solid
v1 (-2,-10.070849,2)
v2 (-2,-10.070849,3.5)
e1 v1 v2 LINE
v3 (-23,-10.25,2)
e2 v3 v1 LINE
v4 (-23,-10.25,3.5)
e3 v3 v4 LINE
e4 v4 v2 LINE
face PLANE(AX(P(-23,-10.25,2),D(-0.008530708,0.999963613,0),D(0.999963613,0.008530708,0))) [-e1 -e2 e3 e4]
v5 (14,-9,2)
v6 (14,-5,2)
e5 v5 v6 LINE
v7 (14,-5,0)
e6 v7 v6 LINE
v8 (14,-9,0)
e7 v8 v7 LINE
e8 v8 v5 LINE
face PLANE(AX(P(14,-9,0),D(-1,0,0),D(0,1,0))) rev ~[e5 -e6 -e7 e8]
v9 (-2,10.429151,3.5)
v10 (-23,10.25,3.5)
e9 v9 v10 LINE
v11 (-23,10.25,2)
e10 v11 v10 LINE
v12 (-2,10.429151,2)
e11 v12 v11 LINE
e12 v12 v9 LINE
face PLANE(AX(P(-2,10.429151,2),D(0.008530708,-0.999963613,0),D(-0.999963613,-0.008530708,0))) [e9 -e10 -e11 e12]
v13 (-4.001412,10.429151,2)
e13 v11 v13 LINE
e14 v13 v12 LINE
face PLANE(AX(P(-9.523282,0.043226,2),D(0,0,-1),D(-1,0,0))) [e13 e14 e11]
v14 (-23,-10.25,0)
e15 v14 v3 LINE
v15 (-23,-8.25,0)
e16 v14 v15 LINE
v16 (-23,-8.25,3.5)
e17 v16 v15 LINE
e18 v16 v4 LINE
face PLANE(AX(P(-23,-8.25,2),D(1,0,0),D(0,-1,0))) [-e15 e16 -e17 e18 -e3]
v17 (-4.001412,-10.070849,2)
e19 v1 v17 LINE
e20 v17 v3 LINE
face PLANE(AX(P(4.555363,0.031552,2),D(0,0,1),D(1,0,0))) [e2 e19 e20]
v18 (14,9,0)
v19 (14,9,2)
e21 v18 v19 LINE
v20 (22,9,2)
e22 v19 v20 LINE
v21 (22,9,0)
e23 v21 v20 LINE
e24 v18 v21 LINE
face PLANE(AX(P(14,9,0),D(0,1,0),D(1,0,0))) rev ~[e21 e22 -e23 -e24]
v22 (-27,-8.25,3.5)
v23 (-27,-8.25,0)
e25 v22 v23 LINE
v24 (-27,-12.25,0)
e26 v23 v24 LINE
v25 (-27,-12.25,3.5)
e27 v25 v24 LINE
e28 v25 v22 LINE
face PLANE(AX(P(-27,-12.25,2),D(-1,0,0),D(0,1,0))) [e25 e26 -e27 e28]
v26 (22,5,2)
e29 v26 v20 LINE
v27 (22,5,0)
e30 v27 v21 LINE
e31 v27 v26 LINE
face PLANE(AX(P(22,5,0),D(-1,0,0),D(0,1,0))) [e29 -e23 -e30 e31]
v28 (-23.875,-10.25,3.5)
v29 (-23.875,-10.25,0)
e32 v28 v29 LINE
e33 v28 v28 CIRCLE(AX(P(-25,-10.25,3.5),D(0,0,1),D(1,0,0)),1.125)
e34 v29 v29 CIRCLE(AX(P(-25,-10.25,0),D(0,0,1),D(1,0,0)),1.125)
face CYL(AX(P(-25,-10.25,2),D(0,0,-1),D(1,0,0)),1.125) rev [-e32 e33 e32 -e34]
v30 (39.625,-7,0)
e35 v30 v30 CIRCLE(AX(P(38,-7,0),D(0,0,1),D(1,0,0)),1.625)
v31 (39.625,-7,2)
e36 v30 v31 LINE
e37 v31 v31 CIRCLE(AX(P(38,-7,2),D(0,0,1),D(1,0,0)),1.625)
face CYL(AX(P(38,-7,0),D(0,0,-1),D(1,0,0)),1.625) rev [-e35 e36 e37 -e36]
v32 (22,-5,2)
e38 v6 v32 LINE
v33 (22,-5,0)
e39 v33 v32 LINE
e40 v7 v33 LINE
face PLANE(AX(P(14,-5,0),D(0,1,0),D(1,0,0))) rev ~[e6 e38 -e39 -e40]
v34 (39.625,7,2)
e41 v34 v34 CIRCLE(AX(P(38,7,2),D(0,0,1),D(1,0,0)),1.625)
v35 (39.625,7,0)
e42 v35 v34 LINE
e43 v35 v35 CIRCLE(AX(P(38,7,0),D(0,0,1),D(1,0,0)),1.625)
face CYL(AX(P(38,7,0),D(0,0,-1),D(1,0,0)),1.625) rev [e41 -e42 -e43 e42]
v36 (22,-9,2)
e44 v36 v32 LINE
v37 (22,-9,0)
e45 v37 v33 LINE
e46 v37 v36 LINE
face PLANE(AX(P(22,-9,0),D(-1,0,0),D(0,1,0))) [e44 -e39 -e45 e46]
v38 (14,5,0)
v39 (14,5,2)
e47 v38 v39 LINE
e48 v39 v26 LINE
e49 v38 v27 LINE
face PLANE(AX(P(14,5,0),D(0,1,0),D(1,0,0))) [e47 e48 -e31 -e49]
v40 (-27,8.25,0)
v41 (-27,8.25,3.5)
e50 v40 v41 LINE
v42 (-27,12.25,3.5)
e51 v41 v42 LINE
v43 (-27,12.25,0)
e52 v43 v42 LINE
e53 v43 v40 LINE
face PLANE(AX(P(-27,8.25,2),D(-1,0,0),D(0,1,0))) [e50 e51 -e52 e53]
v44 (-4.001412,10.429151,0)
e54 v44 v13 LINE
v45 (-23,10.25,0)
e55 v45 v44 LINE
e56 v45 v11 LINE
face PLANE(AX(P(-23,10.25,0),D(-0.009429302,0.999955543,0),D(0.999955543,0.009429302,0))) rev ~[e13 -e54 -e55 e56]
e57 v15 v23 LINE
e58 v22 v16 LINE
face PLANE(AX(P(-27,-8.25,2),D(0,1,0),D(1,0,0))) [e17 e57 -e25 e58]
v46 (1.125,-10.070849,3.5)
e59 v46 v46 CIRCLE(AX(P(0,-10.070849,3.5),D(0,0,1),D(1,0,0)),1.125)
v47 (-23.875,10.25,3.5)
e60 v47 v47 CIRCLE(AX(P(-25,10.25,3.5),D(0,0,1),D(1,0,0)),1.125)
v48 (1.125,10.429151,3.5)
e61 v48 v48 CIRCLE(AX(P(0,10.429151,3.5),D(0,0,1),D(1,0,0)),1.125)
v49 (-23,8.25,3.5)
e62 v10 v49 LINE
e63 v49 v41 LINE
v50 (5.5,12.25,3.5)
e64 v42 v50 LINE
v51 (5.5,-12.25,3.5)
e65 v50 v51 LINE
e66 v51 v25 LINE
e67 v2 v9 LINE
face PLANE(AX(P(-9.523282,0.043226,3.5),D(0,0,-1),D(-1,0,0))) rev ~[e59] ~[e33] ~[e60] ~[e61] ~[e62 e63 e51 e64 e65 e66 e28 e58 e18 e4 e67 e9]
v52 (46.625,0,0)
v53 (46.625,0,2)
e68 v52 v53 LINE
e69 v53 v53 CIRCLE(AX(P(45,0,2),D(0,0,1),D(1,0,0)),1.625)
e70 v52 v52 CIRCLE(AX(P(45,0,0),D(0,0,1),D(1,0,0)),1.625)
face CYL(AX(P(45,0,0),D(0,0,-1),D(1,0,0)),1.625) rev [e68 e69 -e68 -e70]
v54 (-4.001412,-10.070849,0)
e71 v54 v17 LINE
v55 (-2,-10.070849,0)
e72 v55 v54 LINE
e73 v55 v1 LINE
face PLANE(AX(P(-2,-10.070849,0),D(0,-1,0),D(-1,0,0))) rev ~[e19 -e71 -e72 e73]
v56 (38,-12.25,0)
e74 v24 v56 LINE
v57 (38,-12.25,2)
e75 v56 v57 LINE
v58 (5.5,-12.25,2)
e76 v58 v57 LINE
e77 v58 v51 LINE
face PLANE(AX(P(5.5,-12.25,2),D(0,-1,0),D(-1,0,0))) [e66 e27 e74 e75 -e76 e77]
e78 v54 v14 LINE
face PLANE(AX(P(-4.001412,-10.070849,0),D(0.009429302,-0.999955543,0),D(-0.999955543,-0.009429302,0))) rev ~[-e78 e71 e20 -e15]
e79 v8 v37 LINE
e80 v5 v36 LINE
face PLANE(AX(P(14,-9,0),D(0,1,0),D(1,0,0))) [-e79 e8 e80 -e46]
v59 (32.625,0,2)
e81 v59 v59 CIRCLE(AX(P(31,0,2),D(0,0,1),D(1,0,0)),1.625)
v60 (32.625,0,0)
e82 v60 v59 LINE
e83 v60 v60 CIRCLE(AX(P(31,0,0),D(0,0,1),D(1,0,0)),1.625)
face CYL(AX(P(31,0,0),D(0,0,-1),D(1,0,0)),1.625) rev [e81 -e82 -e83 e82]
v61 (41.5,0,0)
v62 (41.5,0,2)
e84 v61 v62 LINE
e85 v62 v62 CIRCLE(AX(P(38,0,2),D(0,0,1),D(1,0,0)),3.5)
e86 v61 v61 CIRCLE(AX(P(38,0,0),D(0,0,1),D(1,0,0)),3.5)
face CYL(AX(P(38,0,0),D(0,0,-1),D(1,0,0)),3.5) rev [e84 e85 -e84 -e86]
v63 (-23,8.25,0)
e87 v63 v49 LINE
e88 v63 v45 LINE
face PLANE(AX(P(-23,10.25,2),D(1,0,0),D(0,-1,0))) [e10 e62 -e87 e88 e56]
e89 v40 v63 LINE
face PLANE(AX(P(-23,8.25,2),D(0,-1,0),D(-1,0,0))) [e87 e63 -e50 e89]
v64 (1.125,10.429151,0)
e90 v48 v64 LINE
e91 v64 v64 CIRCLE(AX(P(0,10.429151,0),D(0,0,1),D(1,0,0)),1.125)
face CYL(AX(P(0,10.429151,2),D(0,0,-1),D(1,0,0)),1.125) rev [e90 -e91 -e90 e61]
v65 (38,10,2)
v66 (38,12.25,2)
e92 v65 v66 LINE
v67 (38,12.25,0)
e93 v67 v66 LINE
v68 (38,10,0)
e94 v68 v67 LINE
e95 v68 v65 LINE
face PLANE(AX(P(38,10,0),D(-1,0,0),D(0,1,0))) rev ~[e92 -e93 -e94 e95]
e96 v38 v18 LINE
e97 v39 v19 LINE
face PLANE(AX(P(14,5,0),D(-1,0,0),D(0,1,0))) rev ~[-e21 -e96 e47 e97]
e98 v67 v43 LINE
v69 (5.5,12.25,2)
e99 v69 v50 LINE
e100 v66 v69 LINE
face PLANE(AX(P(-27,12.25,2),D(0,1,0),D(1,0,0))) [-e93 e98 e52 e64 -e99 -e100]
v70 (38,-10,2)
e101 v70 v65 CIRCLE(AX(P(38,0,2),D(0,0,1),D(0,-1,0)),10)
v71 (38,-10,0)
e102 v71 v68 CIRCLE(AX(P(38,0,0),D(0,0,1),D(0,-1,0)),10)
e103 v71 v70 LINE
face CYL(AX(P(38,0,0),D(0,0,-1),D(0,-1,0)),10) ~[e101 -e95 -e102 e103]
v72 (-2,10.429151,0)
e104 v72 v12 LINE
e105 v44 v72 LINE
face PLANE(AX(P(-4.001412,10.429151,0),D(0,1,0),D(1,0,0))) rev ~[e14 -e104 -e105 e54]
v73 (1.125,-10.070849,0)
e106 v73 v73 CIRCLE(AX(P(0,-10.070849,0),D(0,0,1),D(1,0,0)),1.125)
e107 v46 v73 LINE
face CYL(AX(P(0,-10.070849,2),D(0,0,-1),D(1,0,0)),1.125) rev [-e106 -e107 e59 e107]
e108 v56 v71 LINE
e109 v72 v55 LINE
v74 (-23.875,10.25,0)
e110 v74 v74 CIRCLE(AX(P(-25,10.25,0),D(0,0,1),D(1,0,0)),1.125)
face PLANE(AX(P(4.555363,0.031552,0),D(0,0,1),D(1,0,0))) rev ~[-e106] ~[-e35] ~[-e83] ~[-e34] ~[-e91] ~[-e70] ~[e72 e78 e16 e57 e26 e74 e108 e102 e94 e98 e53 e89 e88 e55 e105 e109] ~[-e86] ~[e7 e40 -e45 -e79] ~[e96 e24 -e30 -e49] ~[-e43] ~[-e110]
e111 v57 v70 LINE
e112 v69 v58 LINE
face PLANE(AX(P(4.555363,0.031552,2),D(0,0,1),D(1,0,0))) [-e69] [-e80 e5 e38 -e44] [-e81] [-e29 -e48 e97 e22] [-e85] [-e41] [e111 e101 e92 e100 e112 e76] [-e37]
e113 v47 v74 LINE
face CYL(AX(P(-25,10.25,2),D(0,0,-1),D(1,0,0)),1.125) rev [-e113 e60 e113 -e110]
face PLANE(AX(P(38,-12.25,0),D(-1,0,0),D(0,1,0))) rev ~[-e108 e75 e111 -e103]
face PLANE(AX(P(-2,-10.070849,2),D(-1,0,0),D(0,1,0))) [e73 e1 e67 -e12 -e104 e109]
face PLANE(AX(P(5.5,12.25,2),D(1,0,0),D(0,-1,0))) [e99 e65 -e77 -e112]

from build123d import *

# Parameters (mm, degrees)
SKETCH1_R           = 1.625
SKETCH1_R_2         = 3.5
SKETCH1_R_3         = 1.125
SKETCH1_W           = 8
SKETCH1_H           = 4
BOSS_EXTRUDE1_DEPTH = 2
SKETCH8_R           = 1.125
BOSS_EXTRUDE4_DEPTH = 1.5


with BuildPart() as part:
    # Sketch1 → Boss-Extrude1 (new body)
    with BuildSketch(Plane.XY):
        with BuildLine():
            Line((-27, -8.25), (-27, -12.25))
            Line((-27, -12.25), (38, -12.25))
            Line((38, -12.25), (38, -10))
            ThreePointArc((38, -10), (48, 0), (38, 10))
            Line((38, 10), (38, 12.25))
            Line((38, 12.25), (-27, 12.25))
            Line((-27, 12.25), (-27, 8.25))
            Line((-27, 8.25), (-23, 8.25))
            Line((-23, 8.25), (-23, 10.25))
            Line((-23, 10.25), (-4.001411983, 10.429151381))
            Line((-4.001411983, 10.429151381), (-2, 10.429151381))
            Line((-2, 10.429151381), (-2, -10.070848619))
            Line((-2, -10.070848619), (-4.001411983, -10.070848619))
            Line((-4.001411983, -10.070848619), (-23, -10.25))
            Line((-23, -10.25), (-23, -8.25))
            Line((-23, -8.25), (-27, -8.25))
        make_face()
        with Locations((38, 7)):
            Circle(SKETCH1_R, mode=Mode.SUBTRACT)
        with Locations((45, 0)):
            Circle(SKETCH1_R, mode=Mode.SUBTRACT)
        with Locations((38, -7)):
            Circle(SKETCH1_R, mode=Mode.SUBTRACT)
        with Locations((31, 0)):
            Circle(SKETCH1_R, mode=Mode.SUBTRACT)
        with Locations((38, 0)):
            Circle(SKETCH1_R_2, mode=Mode.SUBTRACT)
        with Locations((-25, 10.25)):
            Circle(SKETCH1_R_3, mode=Mode.SUBTRACT)
        with Locations((-25, -10.25)):
            Circle(SKETCH1_R_3, mode=Mode.SUBTRACT)
        with Locations((0, 10.429151381)):
            Circle(SKETCH1_R_3, mode=Mode.SUBTRACT)
        with Locations((0, -10.070848619)):
            Circle(SKETCH1_R_3, mode=Mode.SUBTRACT)
        with Locations((18, 7)):
            Rectangle(SKETCH1_W, SKETCH1_H, mode=Mode.SUBTRACT)
        with Locations((18, -7)):
            Rectangle(SKETCH1_W, SKETCH1_H, mode=Mode.SUBTRACT)
    extrude(amount=BOSS_EXTRUDE1_DEPTH)

    # Sketch8 → Boss-Extrude4 (add)
    with BuildSketch(Plane.XY.offset(2)):
        Polygon((-27, 12.25), (5.5, 12.25), (5.5, -12.25), (-27, -12.25), (-27, -8.25), (-23, -8.25), (-23, -10.25), (-2, -10.070848619), (-2, 10.429151381), (-23, 10.25), (-23, 8.25), (-27, 8.25), align=None)
        with Locations((-25, 10.25)):
            Circle(SKETCH8_R, mode=Mode.SUBTRACT)
        with Locations((-25, -10.25)):
            Circle(SKETCH8_R, mode=Mode.SUBTRACT)
        with Locations((0, 10.429151381)):
            Circle(SKETCH8_R, mode=Mode.SUBTRACT)
        with Locations((0, -10.070848619)):
            Circle(SKETCH8_R, mode=Mode.SUBTRACT)
    extrude(amount=BOSS_EXTRUDE4_DEPTH)


solid = part.part
